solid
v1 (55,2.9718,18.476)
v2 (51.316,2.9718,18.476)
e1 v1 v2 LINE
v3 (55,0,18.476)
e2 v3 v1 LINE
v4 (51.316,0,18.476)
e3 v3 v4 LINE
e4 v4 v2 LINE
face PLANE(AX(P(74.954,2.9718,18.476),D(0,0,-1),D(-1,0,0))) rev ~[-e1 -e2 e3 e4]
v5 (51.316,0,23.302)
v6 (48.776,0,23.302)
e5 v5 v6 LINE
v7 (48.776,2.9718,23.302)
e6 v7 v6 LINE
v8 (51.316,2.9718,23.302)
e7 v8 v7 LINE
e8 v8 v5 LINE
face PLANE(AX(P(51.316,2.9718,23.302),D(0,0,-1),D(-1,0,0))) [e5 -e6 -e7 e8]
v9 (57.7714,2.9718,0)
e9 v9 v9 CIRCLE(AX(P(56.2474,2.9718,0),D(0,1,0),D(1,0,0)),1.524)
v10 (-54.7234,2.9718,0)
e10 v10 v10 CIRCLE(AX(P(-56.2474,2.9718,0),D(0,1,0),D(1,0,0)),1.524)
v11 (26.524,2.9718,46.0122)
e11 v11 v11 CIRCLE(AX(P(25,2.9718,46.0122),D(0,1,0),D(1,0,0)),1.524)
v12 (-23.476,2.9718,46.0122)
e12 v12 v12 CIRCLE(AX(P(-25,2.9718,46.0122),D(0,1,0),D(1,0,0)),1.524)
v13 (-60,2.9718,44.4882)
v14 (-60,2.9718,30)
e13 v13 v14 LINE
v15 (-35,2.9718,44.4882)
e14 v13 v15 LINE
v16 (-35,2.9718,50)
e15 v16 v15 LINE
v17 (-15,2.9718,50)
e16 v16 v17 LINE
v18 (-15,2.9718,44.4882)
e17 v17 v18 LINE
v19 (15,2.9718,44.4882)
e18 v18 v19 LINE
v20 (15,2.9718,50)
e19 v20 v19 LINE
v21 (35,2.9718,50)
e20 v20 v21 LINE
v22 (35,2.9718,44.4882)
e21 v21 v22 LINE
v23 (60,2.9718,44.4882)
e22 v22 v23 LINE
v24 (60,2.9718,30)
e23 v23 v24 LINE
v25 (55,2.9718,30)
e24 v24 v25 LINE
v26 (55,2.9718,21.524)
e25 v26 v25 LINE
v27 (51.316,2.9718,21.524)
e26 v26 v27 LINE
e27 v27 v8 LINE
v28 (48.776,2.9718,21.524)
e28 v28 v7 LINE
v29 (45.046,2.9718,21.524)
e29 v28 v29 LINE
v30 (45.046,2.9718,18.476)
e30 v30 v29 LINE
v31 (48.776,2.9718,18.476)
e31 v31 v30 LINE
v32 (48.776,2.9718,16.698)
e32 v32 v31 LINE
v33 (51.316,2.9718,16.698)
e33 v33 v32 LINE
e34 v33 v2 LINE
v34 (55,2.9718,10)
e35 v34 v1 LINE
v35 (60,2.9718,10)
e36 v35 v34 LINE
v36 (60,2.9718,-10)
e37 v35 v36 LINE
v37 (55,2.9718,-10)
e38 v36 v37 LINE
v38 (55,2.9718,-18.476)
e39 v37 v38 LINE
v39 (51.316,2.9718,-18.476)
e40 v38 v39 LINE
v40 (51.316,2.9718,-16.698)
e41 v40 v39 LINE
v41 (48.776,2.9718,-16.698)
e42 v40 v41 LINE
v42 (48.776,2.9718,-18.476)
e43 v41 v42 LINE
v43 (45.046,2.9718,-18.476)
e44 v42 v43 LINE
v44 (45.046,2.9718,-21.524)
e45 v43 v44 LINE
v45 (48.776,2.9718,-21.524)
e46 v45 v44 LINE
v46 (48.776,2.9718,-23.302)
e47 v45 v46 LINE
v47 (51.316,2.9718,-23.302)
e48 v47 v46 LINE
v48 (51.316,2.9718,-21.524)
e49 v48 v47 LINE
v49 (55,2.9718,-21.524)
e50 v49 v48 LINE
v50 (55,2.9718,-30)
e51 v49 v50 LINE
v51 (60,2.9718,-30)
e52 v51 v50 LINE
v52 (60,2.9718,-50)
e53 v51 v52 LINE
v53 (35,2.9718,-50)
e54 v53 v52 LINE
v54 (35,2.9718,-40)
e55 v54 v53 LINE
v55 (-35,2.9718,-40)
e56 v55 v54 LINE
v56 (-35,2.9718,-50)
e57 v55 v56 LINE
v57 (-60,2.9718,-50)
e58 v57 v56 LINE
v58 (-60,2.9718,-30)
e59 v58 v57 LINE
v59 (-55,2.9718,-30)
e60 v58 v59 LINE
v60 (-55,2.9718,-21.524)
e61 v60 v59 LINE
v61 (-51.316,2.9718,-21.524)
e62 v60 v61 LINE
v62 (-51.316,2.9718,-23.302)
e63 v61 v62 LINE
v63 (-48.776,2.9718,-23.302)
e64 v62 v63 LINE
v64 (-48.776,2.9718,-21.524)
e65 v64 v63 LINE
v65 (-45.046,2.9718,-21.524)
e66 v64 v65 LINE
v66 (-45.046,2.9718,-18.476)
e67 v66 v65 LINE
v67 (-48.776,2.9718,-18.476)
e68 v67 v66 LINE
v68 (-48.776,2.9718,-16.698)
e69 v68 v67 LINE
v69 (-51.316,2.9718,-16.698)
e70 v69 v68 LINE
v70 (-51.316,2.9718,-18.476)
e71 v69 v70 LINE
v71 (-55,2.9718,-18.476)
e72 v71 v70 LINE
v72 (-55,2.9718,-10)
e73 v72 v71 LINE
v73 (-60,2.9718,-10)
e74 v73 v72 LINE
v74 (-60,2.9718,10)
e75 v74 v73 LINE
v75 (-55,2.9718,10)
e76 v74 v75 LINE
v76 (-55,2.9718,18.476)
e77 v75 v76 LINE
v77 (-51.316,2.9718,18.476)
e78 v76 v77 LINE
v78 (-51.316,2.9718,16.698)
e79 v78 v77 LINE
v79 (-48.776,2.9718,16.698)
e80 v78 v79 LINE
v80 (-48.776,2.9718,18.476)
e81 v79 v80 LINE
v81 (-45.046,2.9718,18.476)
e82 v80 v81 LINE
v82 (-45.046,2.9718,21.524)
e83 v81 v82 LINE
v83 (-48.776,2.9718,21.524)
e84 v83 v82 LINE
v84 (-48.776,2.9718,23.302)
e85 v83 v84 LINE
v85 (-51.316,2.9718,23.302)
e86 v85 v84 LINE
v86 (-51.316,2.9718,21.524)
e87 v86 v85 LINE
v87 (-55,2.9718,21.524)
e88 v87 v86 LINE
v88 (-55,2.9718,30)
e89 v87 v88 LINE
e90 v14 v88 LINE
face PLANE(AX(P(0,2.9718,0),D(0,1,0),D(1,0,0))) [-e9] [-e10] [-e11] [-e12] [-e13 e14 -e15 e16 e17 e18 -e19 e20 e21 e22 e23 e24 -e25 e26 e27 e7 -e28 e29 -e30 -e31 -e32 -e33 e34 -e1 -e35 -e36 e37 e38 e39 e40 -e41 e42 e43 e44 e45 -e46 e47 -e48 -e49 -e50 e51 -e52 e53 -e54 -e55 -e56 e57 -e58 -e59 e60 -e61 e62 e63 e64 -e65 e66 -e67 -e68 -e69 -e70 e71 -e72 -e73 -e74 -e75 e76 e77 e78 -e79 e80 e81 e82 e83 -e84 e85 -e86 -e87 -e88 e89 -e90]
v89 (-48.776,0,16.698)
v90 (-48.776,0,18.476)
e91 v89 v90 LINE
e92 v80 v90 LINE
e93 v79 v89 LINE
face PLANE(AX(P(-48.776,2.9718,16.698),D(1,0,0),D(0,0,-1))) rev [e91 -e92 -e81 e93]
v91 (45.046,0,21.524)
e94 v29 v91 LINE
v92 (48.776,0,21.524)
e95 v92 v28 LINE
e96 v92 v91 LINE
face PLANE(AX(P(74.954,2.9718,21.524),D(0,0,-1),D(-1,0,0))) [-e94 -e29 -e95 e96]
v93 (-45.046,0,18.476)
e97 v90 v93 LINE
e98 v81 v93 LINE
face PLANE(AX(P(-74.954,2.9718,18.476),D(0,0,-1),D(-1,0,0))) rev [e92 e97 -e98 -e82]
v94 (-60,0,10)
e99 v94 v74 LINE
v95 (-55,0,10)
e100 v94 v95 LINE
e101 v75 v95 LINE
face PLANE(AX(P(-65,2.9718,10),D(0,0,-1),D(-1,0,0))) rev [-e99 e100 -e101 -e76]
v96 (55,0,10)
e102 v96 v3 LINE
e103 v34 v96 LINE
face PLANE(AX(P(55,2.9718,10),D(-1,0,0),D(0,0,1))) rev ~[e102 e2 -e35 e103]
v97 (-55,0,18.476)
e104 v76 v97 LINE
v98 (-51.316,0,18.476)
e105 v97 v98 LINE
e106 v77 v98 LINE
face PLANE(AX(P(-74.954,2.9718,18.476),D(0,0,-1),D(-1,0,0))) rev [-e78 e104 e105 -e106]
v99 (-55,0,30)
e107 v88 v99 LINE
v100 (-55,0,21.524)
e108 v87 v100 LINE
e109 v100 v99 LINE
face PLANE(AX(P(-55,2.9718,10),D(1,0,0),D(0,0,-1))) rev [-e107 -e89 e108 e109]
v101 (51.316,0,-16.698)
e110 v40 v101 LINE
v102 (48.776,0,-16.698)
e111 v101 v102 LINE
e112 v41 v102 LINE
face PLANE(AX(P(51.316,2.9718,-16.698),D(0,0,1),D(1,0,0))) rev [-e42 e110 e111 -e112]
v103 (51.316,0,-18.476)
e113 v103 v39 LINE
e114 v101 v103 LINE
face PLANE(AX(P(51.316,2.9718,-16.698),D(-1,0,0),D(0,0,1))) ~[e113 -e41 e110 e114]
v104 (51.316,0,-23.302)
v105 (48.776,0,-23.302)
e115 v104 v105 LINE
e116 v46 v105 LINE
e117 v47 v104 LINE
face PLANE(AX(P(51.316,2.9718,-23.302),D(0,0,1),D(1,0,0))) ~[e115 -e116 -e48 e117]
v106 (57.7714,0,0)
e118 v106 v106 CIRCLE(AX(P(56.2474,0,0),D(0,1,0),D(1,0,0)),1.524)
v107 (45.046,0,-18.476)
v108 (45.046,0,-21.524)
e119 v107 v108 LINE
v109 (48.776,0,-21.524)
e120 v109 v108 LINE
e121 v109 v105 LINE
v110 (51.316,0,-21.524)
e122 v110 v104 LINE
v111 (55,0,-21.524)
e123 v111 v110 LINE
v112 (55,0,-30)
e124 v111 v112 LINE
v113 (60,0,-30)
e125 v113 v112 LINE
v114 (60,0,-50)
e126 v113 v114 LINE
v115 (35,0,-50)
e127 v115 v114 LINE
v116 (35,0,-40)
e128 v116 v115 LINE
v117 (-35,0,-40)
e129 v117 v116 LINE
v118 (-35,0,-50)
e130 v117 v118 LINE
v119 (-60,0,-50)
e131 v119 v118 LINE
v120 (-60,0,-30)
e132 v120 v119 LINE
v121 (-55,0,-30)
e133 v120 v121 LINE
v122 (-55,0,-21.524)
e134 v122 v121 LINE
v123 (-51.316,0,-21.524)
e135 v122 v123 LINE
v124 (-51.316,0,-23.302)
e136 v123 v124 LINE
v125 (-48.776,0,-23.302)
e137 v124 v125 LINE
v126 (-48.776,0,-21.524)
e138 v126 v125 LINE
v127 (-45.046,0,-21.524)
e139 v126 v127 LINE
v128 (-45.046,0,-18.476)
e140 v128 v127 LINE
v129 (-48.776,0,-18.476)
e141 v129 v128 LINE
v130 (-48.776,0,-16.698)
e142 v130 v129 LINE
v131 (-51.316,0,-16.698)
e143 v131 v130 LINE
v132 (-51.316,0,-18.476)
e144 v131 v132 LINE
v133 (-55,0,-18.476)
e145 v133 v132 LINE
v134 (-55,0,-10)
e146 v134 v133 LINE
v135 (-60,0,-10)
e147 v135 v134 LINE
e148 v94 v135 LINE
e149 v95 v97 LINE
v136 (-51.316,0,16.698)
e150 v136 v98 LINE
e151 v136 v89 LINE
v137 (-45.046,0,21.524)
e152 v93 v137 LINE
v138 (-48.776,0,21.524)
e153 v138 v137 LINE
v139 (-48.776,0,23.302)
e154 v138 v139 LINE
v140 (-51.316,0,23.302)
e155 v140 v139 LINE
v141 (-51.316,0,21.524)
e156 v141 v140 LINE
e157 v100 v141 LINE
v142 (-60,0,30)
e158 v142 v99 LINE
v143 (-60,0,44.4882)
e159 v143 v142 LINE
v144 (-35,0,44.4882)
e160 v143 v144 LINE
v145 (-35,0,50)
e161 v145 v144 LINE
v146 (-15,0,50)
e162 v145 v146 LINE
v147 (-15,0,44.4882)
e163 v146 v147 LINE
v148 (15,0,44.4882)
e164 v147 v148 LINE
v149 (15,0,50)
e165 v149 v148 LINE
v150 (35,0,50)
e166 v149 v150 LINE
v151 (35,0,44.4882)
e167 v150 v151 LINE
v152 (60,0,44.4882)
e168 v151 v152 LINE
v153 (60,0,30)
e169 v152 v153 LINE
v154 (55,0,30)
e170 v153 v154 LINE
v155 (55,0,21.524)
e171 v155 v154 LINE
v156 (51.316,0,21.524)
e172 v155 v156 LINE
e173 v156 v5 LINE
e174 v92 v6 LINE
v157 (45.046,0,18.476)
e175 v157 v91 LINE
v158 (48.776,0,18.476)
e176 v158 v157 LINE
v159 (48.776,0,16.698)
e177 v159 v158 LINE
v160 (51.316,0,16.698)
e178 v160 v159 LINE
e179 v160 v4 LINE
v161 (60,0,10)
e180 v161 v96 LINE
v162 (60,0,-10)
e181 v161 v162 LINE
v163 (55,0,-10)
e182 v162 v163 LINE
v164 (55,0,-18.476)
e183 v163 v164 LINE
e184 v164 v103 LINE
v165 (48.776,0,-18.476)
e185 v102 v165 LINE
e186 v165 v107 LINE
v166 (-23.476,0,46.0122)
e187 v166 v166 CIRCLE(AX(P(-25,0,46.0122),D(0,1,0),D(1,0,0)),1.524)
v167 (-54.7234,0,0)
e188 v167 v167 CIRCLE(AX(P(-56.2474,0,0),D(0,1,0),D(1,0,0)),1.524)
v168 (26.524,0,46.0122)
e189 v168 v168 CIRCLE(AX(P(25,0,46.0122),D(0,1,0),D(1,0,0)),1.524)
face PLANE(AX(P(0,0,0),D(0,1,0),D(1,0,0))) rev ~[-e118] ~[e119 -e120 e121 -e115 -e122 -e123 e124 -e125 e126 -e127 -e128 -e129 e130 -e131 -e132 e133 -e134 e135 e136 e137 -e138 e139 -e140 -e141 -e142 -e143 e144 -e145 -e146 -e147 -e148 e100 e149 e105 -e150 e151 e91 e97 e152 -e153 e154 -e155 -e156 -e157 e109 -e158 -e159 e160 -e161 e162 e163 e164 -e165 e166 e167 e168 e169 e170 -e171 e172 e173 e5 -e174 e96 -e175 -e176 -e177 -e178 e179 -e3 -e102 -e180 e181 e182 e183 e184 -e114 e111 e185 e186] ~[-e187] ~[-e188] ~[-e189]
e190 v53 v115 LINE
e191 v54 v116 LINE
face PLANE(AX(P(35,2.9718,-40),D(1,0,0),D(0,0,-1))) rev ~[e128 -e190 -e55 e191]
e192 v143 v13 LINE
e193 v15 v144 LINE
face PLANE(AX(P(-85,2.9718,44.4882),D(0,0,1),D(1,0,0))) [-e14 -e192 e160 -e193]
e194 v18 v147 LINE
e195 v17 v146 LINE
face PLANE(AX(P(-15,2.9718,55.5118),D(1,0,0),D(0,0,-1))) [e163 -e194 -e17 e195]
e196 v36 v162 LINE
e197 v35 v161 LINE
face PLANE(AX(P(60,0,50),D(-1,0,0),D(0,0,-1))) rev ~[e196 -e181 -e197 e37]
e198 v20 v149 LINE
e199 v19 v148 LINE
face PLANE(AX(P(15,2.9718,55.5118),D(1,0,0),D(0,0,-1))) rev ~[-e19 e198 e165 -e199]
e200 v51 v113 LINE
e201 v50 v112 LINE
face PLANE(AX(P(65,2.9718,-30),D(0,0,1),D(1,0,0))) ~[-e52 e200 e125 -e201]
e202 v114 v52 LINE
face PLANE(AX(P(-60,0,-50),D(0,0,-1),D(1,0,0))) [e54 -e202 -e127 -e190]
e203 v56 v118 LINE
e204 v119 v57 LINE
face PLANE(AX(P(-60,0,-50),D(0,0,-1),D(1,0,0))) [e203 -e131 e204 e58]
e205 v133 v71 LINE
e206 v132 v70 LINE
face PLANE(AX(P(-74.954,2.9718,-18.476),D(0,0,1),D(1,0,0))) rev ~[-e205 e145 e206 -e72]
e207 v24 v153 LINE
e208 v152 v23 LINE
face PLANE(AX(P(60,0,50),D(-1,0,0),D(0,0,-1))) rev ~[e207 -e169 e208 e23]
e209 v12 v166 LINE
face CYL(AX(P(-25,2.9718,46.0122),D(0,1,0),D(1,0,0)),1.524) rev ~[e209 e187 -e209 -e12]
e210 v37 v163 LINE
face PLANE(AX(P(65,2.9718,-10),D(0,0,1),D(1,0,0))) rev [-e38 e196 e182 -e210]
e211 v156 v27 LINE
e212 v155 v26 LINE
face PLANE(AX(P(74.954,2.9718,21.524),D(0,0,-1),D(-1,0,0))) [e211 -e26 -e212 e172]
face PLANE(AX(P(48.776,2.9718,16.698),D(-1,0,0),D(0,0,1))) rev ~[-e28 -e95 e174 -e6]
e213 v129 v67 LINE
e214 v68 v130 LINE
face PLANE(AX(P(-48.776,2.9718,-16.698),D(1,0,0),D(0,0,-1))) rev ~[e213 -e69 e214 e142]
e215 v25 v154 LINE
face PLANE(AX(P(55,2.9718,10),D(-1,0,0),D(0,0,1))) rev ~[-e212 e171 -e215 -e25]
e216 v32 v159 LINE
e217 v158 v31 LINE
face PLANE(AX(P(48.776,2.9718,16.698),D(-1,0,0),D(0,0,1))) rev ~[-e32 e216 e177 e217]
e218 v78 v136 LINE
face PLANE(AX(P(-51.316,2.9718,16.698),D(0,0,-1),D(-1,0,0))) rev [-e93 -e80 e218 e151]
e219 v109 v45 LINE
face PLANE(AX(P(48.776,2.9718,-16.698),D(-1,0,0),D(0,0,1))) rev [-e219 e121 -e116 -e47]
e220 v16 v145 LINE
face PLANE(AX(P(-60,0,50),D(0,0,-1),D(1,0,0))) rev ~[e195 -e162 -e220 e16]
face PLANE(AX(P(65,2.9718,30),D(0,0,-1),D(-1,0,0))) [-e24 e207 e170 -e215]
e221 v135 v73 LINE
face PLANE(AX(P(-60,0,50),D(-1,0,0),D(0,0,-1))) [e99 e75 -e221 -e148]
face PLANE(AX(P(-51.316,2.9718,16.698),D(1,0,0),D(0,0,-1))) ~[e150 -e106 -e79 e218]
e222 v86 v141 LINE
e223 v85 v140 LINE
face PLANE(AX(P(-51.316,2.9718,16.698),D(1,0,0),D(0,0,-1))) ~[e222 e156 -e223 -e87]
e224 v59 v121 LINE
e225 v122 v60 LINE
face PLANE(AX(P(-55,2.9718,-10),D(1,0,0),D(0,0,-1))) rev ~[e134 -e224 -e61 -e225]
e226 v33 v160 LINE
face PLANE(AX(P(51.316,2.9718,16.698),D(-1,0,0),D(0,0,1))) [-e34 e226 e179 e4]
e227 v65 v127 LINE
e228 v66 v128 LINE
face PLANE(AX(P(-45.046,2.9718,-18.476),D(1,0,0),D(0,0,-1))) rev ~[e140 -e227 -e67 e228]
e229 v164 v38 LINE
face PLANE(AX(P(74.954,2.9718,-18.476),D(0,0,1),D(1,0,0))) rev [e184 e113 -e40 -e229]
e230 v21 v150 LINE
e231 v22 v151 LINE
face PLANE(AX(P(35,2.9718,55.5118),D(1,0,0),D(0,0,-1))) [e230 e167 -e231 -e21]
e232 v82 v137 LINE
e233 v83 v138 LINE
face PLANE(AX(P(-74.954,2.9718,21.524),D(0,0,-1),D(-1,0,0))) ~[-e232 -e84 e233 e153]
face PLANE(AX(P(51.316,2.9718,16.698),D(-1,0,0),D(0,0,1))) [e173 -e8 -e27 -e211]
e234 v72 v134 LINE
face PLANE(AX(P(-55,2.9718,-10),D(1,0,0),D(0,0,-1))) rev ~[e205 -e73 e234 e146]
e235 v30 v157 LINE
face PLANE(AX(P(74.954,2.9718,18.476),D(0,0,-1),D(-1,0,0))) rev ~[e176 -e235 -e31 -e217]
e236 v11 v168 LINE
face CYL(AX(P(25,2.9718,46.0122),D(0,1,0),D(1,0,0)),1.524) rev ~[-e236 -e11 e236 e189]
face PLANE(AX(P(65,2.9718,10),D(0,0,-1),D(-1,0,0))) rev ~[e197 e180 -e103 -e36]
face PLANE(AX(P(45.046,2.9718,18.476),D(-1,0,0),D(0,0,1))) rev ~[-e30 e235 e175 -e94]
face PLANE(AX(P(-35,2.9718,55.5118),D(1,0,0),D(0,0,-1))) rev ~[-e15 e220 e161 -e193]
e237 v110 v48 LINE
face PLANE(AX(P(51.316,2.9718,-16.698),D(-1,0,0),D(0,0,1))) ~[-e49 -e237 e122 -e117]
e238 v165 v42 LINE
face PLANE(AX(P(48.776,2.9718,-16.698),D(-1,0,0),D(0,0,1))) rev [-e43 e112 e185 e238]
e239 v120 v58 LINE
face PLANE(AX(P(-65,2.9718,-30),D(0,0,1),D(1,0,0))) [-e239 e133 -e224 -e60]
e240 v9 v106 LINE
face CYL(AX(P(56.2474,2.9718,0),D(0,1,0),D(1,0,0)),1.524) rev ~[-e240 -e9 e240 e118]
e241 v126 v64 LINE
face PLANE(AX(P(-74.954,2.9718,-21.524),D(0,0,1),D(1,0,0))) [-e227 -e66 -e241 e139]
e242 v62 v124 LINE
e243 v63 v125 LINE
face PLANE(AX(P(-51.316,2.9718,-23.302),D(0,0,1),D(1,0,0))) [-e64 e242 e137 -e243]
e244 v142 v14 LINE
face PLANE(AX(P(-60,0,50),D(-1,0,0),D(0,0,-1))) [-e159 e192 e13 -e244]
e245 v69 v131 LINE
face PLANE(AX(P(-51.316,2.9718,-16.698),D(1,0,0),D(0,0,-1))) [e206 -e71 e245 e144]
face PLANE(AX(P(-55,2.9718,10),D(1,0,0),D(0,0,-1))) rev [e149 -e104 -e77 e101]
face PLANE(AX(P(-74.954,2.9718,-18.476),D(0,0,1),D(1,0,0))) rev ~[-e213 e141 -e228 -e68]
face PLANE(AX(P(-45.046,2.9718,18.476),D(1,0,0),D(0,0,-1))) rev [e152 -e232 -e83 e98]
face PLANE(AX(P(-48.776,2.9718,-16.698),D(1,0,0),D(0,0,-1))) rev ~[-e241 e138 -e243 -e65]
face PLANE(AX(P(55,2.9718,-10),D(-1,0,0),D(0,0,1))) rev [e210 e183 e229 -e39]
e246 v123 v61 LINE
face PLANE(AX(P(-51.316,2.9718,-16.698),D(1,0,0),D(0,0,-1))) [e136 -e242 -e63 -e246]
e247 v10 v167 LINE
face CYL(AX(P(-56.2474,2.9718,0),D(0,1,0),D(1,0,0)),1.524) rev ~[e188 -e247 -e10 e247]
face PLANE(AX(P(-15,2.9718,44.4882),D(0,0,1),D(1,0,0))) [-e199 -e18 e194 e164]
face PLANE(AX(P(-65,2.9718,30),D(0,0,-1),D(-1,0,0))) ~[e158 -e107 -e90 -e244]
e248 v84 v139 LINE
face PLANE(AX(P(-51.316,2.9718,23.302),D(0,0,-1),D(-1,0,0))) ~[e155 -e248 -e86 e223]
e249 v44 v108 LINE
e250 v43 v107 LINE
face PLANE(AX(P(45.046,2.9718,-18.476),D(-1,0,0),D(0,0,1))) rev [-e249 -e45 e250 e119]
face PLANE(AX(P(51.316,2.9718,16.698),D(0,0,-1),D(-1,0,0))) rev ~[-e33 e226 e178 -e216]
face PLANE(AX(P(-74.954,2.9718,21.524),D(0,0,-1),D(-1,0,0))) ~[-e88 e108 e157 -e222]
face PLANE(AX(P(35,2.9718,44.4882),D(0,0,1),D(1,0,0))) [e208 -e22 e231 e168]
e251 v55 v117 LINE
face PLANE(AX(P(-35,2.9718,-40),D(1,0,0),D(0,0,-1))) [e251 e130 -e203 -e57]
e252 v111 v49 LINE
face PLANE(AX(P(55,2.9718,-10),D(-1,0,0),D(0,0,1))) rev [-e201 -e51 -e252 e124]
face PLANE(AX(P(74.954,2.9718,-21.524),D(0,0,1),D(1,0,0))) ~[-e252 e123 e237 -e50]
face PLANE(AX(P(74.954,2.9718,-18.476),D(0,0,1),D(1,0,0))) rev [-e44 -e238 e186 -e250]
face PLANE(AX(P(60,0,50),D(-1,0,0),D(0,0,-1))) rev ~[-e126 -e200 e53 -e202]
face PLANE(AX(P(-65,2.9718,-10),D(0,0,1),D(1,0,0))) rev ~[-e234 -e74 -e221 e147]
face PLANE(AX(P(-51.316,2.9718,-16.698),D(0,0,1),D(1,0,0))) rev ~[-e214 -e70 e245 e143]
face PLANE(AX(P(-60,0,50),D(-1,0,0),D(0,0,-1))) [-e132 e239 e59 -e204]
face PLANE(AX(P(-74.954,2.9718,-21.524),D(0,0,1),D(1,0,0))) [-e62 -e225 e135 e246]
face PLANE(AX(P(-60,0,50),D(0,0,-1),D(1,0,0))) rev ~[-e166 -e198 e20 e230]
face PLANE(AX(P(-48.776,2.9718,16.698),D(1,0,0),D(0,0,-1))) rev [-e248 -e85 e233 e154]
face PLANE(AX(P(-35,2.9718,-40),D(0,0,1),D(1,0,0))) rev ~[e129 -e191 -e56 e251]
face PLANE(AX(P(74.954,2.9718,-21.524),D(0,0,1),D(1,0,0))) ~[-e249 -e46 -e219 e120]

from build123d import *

# Parameters (mm, degrees)
SKETCH1_W                 = 120
SKETCH1_H                 = 100
BOSS_EXTRUDE1_DEPTH       = 2.9718
SKETCH2_W                 = 70
SKETCH2_H                 = 20
CUT_EXTRUDE1_DEPTH        = 3.9718
SKETCH3_W                 = 29.908
SKETCH3_H                 = 3.048
CUT_EXTRUDE2_DEPTH        = 3.9718
SKETCH4_W                 = 10
SKETCH4_H                 = 20
SKETCH4_W_2               = 2.54
SKETCH4_H_2               = 6.604
CUT_EXTRUDE3_DEPTH        = 2.9718
MIRROR2_COPY_1_SKETCH_W   = 29.908
MIRROR2_COPY_1_SKETCH_H   = 3.048
MIRROR2_COPY_1_DEPTH      = 3.9718
MIRROR2_COPY_2_SKETCH_W   = 10
MIRROR2_COPY_2_SKETCH_H   = 20
MIRROR2_COPY_2_SKETCH_W_2 = 2.54
MIRROR2_COPY_2_SKETCH_H_2 = 6.604
MIRROR2_COPY_2_DEPTH      = 2.9718
SKETCH6_W                 = 50
SKETCH6_H                 = 11.0236
CUT_EXTRUDE4_DEPTH        = 3.9718
SKETCH7_W                 = 30
SKETCH7_H                 = 11.0236
CUT_EXTRUDE6_DEPTH        = 3.9718
SKETCH8_R                 = 1.524
CUT_EXTRUDE7_DEPTH        = 3.9718
SKETCH11_R                = 1.524
CUT_EXTRUDE8_DEPTH        = 3.9718


with BuildPart() as part:
    # Sketch1 → Boss-Extrude1 (new body)
    with BuildSketch(Plane(origin=(0, 0, 0), x_dir=(1, 0, 0), z_dir=(0, 1, 0))):
        Rectangle(SKETCH1_W, SKETCH1_H)
    extrude(amount=BOSS_EXTRUDE1_DEPTH)

    # Sketch2 → Cut-Extrude1 (cut, through all)
    with BuildSketch(Plane(origin=(0, 2.9718, 0), x_dir=(1, 0, 0), z_dir=(0, 1, 0))):
        with Locations((0, 50)):
            Rectangle(SKETCH2_W, SKETCH2_H)
    extrude(amount=-CUT_EXTRUDE1_DEPTH, mode=Mode.SUBTRACT)

    # Sketch3 → Cut-Extrude2 (cut, through all)
    with BuildSketch(Plane(origin=(0, 2.9718, 0), x_dir=(1, 0, 0), z_dir=(0, 1, 0))):
        with Locations((-60, 20)):
            Rectangle(SKETCH3_W, SKETCH3_H)
    cut_extrude2 = extrude(amount=-CUT_EXTRUDE2_DEPTH, mode=Mode.SUBTRACT)

    # Sketch4 → Cut-Extrude3 (cut)
    with BuildSketch(Plane(origin=(0, 2.9718, 0), x_dir=(1, 0, 0), z_dir=(0, 1, 0))):
        with Locations((-60, 20)):
            Rectangle(SKETCH4_W, SKETCH4_H)
        with Locations((-50.046, 20)):
            Rectangle(SKETCH4_W_2, SKETCH4_H_2)
    cut_extrude3 = extrude(amount=-CUT_EXTRUDE3_DEPTH, mode=Mode.SUBTRACT)

    # Mirror1: Cut-Extrude2, Cut-Extrude3 across plane
    add(cut_extrude2.mirror(Plane.XY), mode=Mode.SUBTRACT)
    add(cut_extrude3.mirror(Plane.XY), mode=Mode.SUBTRACT)

    # Mirror2: Cut-Extrude3, Cut-Extrude2 across plane
    add(cut_extrude3.mirror(Plane(origin=(0, 0, 0), x_dir=(0, 0, 1), z_dir=(1, 0, 0))), mode=Mode.SUBTRACT)
    add(cut_extrude2.mirror(Plane(origin=(0, 0, 0), x_dir=(0, 0, 1), z_dir=(1, 0, 0))), mode=Mode.SUBTRACT)

    # Mirror2 copy 1 sketch → Mirror2 copy 1 (cut, through all)
    with BuildSketch(Plane(origin=(0, 2.9718, 0), x_dir=(-1, 0, 0), z_dir=(0, 1, 0))):
        with Locations((-60, 20)):
            Rectangle(MIRROR2_COPY_1_SKETCH_W, MIRROR2_COPY_1_SKETCH_H)
    extrude(amount=-MIRROR2_COPY_1_DEPTH, mode=Mode.SUBTRACT)

    # Mirror2 copy 2 sketch → Mirror2 copy 2 (cut)
    with BuildSketch(Plane(origin=(0, 2.9718, 0), x_dir=(-1, 0, 0), z_dir=(0, 1, 0))):
        with Locations((-60, 20)):
            Rectangle(MIRROR2_COPY_2_SKETCH_W, MIRROR2_COPY_2_SKETCH_H)
        with Locations((-50.046, 20)):
            Rectangle(MIRROR2_COPY_2_SKETCH_W_2, MIRROR2_COPY_2_SKETCH_H_2)
    extrude(amount=-MIRROR2_COPY_2_DEPTH, mode=Mode.SUBTRACT)

    # Sketch6 → Cut-Extrude4 (cut, through all)
    with BuildSketch(Plane(origin=(0, 2.9718, 0), x_dir=(1, 0, 0), z_dir=(0, 1, 0))):
        with Locations((-60, -50)):
            Rectangle(SKETCH6_W, SKETCH6_H)
        with Locations((60, -50)):
            Rectangle(SKETCH6_W, SKETCH6_H)
    extrude(amount=-CUT_EXTRUDE4_DEPTH, mode=Mode.SUBTRACT)

    # Sketch7 → Cut-Extrude6 (cut, through all)
    with BuildSketch(Plane(origin=(0, 2.9718, 0), x_dir=(1, 0, 0), z_dir=(0, 1, 0))):
        with Locations((0, -50)):
            Rectangle(SKETCH7_W, SKETCH7_H)
    extrude(amount=-CUT_EXTRUDE6_DEPTH, mode=Mode.SUBTRACT)

    # Sketch8 → Cut-Extrude7 (cut, through all)
    with BuildSketch(Plane(origin=(0, 2.9718, 0), x_dir=(1, 0, 0), z_dir=(0, 1, 0))):
        with Locations((-25, -46.0122)):
            Circle(SKETCH8_R)
        with Locations((25, -46.0122)):
            Circle(SKETCH8_R)
    extrude(amount=-CUT_EXTRUDE7_DEPTH, mode=Mode.SUBTRACT)

    # Sketch11 → Cut-Extrude8 (cut, through all)
    with BuildSketch(Plane(origin=(0, 2.9718, 0), x_dir=(1, 0, 0), z_dir=(0, 1, 0))):
        with Locations((-56.2474, 0)):
            Circle(SKETCH11_R)
        with Locations((56.2474, 0)):
            Circle(SKETCH11_R)
    extrude(amount=-CUT_EXTRUDE8_DEPTH, mode=Mode.SUBTRACT)


solid = part.part
